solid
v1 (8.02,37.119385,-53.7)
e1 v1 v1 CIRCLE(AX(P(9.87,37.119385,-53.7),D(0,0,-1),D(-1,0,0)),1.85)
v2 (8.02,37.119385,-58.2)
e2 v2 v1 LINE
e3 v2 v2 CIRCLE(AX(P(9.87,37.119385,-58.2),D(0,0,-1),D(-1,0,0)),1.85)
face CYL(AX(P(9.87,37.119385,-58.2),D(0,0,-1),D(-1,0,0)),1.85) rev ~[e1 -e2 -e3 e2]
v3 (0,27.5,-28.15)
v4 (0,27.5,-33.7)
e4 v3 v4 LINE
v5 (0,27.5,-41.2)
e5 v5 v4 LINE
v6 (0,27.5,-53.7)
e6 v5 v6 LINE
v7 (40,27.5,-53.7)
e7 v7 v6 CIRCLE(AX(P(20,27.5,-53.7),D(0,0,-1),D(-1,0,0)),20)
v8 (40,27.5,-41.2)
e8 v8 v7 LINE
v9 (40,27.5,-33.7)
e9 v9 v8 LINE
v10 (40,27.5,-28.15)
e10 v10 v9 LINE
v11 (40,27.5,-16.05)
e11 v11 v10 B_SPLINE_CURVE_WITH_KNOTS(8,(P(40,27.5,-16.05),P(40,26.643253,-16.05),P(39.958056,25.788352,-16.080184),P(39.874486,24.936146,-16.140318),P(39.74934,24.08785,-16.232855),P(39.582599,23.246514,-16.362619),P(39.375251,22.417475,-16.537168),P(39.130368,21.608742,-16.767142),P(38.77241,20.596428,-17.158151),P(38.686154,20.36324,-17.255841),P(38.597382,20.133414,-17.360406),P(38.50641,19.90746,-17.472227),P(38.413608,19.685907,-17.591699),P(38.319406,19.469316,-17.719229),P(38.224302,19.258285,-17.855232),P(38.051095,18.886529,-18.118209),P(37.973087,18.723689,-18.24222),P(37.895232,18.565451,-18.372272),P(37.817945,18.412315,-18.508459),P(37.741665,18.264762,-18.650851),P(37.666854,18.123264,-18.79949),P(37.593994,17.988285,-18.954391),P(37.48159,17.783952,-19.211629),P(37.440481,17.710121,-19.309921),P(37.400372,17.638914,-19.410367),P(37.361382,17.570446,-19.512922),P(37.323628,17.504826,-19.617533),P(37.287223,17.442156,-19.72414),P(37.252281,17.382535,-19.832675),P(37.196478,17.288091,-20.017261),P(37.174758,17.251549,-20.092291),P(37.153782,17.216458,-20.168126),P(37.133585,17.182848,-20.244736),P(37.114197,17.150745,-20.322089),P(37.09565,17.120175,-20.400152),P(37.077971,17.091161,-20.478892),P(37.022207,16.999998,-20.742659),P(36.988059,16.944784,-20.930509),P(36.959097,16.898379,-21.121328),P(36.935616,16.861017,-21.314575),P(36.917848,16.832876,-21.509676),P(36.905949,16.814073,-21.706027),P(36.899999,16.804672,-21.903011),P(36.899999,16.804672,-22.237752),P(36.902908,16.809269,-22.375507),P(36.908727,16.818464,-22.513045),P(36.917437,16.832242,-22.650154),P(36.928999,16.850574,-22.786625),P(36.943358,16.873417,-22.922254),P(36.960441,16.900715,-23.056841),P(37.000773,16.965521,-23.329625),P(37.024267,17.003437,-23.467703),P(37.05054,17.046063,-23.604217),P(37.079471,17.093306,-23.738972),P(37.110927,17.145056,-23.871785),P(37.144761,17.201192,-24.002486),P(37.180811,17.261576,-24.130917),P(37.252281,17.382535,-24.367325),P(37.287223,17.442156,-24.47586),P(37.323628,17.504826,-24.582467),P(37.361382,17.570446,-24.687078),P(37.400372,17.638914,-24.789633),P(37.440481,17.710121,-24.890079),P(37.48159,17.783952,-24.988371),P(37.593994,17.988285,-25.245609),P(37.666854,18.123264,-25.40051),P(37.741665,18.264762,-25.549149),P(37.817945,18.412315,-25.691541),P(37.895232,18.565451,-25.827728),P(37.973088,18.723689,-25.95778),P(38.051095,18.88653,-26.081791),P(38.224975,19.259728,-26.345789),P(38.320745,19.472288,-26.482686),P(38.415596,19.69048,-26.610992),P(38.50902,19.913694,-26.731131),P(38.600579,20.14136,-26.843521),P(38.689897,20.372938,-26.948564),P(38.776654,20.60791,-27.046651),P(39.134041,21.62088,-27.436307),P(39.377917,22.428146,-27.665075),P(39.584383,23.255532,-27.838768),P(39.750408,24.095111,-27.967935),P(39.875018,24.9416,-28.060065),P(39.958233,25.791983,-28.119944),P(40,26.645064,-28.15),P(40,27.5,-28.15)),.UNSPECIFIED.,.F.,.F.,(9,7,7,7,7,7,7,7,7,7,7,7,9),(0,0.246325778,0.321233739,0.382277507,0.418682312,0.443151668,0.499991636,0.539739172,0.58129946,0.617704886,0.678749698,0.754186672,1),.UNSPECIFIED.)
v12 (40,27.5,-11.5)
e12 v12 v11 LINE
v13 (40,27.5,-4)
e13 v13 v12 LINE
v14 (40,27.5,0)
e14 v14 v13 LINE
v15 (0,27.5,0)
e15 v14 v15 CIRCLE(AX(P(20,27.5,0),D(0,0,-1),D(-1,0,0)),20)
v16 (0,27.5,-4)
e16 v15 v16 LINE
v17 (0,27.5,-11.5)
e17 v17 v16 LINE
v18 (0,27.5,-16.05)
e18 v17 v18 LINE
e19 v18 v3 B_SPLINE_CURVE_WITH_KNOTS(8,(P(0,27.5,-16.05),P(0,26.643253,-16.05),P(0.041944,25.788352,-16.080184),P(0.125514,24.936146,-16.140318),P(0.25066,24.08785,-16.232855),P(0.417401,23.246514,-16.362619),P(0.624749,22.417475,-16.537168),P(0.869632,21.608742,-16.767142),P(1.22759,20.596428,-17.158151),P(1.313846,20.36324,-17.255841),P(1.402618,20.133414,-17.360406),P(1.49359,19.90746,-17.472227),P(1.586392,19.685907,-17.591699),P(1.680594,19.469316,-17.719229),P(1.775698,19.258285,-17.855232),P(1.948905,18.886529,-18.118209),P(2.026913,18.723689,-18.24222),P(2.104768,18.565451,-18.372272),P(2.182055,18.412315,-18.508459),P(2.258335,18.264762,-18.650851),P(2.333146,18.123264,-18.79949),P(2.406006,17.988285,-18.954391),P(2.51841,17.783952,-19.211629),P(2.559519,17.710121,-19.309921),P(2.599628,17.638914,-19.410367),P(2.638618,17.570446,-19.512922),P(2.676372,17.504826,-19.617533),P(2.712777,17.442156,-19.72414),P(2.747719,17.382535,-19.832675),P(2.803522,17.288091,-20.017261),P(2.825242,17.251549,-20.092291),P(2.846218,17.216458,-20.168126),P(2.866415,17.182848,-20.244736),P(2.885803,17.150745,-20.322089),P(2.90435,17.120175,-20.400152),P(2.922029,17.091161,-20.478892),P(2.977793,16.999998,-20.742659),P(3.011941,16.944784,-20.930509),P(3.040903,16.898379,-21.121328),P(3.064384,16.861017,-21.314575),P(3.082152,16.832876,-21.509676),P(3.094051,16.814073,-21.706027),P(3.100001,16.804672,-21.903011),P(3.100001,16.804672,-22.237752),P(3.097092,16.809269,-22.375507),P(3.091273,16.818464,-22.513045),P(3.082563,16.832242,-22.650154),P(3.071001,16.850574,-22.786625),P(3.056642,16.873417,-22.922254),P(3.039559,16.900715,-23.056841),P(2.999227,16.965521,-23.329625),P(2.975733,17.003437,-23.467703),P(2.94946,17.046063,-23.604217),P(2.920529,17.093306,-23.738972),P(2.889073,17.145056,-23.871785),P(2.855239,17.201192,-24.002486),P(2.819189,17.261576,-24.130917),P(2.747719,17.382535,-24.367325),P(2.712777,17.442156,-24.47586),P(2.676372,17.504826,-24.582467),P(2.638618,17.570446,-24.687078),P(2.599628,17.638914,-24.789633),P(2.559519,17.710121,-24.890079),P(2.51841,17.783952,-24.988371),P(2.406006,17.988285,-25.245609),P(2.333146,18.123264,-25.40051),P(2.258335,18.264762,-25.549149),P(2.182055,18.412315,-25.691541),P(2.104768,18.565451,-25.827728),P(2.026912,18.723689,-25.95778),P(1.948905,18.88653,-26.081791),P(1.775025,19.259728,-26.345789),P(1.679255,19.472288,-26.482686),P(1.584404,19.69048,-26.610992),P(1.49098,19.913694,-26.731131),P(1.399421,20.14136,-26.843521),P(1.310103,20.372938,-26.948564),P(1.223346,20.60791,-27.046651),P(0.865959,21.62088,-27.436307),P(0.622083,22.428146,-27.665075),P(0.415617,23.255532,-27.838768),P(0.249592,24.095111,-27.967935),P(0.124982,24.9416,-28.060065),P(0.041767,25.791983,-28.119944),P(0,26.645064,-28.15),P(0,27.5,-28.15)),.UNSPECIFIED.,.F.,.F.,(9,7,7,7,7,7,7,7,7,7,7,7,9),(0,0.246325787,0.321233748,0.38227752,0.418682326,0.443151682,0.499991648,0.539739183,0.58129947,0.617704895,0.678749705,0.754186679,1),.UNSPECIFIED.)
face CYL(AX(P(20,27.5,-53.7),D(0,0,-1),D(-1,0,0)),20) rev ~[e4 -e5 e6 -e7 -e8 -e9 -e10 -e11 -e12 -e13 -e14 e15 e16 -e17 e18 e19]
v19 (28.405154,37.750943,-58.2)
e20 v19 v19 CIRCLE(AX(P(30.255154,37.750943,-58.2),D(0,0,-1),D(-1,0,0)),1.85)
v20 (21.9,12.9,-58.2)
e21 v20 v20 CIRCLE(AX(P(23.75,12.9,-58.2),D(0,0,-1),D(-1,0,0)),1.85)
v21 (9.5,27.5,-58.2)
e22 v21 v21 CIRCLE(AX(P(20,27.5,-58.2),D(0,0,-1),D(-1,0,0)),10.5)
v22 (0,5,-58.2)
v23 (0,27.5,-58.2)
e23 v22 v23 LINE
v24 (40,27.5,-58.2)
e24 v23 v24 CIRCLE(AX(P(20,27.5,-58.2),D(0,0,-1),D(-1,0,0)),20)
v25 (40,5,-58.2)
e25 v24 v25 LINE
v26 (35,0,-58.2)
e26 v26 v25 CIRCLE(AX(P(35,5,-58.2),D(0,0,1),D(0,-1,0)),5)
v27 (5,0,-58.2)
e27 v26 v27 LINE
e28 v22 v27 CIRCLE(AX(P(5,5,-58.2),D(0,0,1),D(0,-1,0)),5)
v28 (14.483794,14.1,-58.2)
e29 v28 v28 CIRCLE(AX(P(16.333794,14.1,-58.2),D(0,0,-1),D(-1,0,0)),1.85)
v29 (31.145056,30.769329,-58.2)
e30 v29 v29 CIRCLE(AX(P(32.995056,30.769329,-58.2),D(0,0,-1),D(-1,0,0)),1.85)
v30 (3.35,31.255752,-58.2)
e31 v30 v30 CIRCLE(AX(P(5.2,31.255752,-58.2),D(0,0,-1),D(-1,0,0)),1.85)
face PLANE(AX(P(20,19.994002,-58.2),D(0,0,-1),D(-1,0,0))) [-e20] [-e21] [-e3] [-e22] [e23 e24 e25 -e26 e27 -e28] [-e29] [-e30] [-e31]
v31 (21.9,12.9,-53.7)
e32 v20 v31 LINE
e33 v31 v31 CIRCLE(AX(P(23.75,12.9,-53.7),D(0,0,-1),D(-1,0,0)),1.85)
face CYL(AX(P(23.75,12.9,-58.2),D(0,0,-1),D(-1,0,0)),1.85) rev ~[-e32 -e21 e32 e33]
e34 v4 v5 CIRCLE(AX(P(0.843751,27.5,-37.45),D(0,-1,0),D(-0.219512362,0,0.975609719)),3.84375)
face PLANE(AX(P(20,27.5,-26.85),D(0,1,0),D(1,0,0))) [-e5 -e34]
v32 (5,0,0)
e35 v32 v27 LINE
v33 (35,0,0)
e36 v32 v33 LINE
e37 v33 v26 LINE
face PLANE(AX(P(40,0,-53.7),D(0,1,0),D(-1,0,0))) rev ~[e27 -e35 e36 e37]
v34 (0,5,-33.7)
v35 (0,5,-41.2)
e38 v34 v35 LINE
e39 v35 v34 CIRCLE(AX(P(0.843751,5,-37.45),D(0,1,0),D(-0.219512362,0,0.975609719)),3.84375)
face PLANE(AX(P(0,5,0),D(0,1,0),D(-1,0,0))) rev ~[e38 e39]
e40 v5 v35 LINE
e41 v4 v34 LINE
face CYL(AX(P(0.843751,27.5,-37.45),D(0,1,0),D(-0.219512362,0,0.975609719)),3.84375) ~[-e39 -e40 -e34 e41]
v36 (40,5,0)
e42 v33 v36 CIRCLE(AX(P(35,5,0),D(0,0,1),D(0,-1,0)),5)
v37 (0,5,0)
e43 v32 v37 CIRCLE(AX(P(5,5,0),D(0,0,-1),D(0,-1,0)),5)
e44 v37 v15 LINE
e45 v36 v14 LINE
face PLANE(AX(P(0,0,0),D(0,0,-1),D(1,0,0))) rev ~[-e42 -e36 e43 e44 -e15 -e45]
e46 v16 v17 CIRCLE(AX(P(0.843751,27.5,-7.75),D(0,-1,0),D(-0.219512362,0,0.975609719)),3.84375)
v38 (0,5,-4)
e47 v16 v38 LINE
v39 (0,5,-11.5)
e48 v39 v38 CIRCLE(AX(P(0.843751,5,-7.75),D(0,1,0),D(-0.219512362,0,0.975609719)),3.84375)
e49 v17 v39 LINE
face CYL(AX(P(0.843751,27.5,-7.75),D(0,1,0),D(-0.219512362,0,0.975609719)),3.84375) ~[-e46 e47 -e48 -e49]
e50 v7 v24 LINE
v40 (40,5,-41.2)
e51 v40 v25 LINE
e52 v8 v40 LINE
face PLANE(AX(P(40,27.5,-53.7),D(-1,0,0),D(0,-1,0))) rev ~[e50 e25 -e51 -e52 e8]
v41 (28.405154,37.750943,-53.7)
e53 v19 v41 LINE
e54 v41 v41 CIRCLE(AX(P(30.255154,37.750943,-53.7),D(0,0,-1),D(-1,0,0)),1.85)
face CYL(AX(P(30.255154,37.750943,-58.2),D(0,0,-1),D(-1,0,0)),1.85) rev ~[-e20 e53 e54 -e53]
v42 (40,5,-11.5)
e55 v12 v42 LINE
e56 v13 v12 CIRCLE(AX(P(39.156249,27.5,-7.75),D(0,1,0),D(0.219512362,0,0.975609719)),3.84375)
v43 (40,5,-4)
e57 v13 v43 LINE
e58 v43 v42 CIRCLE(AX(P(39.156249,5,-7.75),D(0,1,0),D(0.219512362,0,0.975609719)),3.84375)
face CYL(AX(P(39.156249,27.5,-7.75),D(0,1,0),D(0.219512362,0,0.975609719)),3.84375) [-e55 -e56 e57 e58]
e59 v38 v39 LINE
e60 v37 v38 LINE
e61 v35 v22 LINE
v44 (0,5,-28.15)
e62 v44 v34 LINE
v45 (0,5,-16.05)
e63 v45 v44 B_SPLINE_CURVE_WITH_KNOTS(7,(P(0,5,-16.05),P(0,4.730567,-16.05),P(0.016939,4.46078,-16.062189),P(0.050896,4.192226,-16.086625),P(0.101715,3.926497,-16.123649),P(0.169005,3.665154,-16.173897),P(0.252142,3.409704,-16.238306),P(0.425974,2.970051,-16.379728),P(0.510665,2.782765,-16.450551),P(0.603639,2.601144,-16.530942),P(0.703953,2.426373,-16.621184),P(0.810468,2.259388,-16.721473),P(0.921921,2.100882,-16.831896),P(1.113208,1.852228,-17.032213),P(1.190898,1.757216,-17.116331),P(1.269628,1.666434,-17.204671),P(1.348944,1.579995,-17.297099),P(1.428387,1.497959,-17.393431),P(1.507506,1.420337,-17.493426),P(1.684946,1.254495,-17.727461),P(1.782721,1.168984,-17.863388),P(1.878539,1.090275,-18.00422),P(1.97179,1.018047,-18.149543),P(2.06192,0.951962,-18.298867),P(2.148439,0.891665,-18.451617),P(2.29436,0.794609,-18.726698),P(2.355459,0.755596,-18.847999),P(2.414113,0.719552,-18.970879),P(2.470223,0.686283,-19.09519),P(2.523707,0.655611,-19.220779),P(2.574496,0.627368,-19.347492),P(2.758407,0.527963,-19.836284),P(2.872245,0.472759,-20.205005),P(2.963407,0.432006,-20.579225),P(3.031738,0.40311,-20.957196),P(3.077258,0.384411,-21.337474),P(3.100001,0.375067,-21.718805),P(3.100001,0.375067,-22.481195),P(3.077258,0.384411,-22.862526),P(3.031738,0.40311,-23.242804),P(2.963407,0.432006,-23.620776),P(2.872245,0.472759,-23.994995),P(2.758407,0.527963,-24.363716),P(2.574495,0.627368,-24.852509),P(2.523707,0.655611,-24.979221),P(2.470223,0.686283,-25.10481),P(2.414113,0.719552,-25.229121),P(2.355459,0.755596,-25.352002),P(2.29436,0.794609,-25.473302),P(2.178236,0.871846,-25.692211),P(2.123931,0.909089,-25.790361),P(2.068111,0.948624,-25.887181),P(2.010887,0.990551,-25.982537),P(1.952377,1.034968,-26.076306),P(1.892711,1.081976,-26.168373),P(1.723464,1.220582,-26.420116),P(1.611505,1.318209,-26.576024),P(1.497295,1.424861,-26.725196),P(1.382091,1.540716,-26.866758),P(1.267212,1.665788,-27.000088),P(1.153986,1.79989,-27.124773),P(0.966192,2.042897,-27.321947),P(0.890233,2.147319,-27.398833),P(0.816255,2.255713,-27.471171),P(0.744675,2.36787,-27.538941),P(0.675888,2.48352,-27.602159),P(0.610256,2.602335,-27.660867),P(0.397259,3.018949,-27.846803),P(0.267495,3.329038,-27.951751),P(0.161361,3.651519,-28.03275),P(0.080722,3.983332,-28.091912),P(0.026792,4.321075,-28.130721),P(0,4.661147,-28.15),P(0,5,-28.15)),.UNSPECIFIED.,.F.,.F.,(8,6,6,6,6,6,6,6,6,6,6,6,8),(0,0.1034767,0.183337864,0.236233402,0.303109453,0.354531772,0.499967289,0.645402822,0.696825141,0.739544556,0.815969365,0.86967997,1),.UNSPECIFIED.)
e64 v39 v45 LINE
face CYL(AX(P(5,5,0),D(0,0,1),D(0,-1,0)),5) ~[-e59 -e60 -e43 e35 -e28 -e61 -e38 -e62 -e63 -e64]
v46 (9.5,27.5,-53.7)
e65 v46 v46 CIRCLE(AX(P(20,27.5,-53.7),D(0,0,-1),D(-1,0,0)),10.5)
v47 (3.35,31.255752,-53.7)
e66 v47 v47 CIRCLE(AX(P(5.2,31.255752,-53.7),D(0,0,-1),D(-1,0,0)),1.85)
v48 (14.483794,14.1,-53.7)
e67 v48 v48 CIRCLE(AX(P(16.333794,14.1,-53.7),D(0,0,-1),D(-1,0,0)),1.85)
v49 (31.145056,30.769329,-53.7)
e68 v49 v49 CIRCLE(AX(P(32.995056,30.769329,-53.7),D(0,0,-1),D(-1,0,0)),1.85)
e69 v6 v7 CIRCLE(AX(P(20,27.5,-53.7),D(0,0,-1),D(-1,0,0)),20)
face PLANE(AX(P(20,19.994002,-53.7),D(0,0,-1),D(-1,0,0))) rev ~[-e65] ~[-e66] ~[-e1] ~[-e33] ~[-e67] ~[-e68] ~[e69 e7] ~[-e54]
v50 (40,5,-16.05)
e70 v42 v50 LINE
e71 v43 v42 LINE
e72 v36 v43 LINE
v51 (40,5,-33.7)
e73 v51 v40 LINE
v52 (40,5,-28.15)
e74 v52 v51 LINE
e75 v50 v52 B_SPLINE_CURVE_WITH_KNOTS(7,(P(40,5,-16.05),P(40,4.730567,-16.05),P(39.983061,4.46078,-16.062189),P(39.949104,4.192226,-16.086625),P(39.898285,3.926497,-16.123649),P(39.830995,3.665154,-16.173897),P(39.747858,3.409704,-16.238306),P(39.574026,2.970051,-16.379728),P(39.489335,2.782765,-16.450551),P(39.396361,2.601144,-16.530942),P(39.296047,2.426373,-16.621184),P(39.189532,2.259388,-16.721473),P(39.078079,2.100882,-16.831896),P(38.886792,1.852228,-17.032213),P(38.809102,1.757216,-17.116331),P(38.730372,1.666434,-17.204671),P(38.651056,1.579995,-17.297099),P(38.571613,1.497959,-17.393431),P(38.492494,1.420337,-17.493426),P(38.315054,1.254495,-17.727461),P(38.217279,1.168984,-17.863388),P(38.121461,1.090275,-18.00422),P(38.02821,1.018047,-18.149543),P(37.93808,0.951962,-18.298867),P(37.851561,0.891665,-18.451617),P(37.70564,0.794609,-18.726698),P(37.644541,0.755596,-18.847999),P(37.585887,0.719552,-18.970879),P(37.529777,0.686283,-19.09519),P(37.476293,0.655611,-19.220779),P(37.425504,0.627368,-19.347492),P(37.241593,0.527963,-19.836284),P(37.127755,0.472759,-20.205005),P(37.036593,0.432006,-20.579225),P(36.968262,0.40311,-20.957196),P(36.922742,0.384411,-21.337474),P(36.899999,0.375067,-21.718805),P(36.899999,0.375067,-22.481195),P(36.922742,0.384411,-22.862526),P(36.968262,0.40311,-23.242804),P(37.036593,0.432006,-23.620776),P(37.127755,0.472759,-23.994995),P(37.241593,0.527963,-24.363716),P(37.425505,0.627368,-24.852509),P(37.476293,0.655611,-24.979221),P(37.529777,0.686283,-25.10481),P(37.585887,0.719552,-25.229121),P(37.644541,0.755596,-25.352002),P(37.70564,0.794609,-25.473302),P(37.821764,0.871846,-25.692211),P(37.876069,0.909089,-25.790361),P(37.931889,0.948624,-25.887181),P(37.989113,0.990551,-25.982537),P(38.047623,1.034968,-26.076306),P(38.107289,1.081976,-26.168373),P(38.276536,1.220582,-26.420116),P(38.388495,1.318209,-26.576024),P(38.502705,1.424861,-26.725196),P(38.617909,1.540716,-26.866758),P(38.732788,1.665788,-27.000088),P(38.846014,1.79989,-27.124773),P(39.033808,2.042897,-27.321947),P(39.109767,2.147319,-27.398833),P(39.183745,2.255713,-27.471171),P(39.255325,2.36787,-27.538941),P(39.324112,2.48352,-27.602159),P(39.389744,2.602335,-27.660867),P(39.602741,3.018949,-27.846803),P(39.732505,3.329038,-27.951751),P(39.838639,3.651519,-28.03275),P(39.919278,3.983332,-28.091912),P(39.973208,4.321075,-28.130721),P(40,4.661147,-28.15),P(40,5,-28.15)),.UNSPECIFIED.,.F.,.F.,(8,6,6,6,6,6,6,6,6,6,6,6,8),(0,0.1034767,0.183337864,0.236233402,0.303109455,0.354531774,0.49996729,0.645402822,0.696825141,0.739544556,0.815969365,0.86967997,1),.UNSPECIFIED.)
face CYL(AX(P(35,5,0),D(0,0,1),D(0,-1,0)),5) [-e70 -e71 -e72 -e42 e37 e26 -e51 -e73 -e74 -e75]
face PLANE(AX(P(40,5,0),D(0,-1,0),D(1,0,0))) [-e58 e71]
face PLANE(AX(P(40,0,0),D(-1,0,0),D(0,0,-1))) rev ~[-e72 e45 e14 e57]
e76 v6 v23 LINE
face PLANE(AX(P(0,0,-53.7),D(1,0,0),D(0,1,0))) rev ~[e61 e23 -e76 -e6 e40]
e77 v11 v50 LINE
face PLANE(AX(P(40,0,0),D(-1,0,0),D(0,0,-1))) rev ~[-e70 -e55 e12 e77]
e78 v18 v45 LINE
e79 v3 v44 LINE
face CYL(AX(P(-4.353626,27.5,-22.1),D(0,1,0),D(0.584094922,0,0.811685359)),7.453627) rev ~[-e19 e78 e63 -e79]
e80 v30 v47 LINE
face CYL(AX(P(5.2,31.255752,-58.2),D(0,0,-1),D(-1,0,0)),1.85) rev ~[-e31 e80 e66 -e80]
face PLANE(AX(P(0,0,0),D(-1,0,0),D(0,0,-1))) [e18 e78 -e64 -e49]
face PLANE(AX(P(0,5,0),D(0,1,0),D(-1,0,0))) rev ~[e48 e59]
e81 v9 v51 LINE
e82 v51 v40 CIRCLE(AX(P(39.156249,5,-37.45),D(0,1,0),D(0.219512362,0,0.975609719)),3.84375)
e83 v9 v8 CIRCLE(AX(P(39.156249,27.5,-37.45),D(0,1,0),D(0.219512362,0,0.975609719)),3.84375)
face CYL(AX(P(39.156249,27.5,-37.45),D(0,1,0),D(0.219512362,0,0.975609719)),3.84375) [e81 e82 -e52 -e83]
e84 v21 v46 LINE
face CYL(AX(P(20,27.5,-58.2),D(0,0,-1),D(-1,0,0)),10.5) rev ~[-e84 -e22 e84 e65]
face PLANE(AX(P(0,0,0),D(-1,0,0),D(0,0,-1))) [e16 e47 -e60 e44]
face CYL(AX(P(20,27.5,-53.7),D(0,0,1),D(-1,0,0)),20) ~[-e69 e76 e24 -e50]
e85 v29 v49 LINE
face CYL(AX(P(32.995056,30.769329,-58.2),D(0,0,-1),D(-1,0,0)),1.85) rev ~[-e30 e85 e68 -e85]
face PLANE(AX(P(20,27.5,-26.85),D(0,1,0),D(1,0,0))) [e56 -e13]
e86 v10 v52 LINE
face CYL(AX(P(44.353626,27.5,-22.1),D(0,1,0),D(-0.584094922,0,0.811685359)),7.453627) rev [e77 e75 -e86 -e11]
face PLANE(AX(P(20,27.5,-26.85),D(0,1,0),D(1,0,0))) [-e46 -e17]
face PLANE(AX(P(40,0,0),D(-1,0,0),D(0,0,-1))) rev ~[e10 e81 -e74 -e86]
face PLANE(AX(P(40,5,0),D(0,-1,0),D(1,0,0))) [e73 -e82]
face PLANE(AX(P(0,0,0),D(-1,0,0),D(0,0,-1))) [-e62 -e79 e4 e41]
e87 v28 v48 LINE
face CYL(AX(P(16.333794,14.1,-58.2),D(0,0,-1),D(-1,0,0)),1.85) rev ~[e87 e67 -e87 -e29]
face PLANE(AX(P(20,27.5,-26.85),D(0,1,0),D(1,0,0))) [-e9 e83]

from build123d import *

# Parameters (mm, degrees)
SKETCH3_W           = 40
SKETCH3_H           = 53.7
BOSS_EXTRUDE1_DEPTH = 27.5
BOSS_EXTRUDE4_DEPTH = 27.5
CUT_EXTRUDE1_DEPTH  = 28.5
SKETCH7_R           = 20
CUT_EXTRUDE2_DEPTH  = 54.7
BOSS_EXTRUDE5_DEPTH = 4.5
SKETCH9_R           = 10.5
CUT_EXTRUDE3_DEPTH  = 59.2000001
SKETCH10_R          = 1.85
CUT_EXTRUDE4_DEPTH  = 59.2000001
CUT_EXTRUDE5_DEPTH  = 59.2
CUT_EXTRUDE7_DEPTH  = 59.2000001


with BuildPart() as part:
    # Sketch3 → Boss-Extrude1 (new body)
    with BuildSketch(Plane(origin=(0, 0, 0), x_dir=(1, 0, 0), z_dir=(0, 1, 0))):
        with Locations((20, 26.85)):
            Rectangle(SKETCH3_W, SKETCH3_H)
    extrude(amount=BOSS_EXTRUDE1_DEPTH)

    # Sketch4 → Boss-Extrude4 (add)
    with BuildSketch(Plane(origin=(0, 27.5, 0), x_dir=(1, 0, 0), z_dir=(0, 1, 0))):
        with BuildLine():
            Line((0, 41.2), (0, 33.7))
            ThreePointArc((0, 33.7), (-2.999999474, 37.45), (0, 41.2))
        make_face()
        with BuildLine():
            Line((0, 11.5), (0, 4))
            ThreePointArc((0, 4), (-2.999999474, 7.75), (0, 11.5))
        make_face()
        with BuildLine():
            Line((40, 41.2), (40, 33.7))
            ThreePointArc((40, 33.7), (42.999999474, 37.45), (40, 41.2))
        make_face()
        with BuildLine():
            Line((40, 11.5), (40, 4))
            ThreePointArc((40, 4), (42.999999474, 7.75), (40, 11.5))
        make_face()
    extrude(amount=-BOSS_EXTRUDE4_DEPTH)

    # Sketch6 → Cut-Extrude1 (cut, through all)
    with BuildSketch(Plane(origin=(0, 27.5, 0), x_dir=(1, 0, 0), z_dir=(0, 1, 0))):
        with BuildLine():
            Line((0, 28.15), (0, 16.05))
            ThreePointArc((0, 16.05), (3.100001365, 22.1), (0, 28.15))
        make_face()
        with BuildLine():
            Line((40, 28.15), (40, 16.05))
            ThreePointArc((40, 16.05), (36.899998635, 22.1), (40, 28.15))
        make_face()
    extrude(amount=-CUT_EXTRUDE1_DEPTH, mode=Mode.SUBTRACT)

    # Sketch7 → Cut-Extrude2 (cut, through all)
    with BuildSketch(Plane(origin=(0, 0, -53.7), x_dir=(-1, 0, 0), z_dir=(0, 0, -1))):
        with Locations((-20, 27.5)):
            Circle(SKETCH7_R)
    extrude(amount=-CUT_EXTRUDE2_DEPTH, mode=Mode.SUBTRACT)

    # Sketch8 → Boss-Extrude5 (add)
    with BuildSketch(Plane(origin=(0, 0, -53.7), x_dir=(-1, 0, 0), z_dir=(0, 0, -1))):
        with BuildLine():
            Line((-40, 27.5), (-40, 0))
            Line((-40, 0), (0, 0))
            Line((0, 0), (0, 27.5))
            ThreePointArc((0, 27.5), (-20, 47.5), (-40, 27.5))
        make_face()
    extrude(amount=BOSS_EXTRUDE5_DEPTH)

    # Sketch9 → Cut-Extrude3 (cut, through all)
    with BuildSketch(Plane(origin=(0, 0, -58.2), x_dir=(-1, 0, 0), z_dir=(0, 0, -1))):
        with Locations((-20, 27.5)):
            Circle(SKETCH9_R)
    extrude(amount=-CUT_EXTRUDE3_DEPTH, mode=Mode.SUBTRACT)

    # Sketch10 → Cut-Extrude4 (cut, through all)
    with BuildSketch(Plane(origin=(0, 0, -58.2), x_dir=(-1, 0, 0), z_dir=(0, 0, -1))):
        with Locations((-23.75, 12.9)):
            Circle(SKETCH10_R)
        with Locations((-16.333793604, 14.1)):
            Circle(SKETCH10_R)
        with Locations((-32.995056342, 30.769328778)):
            Circle(SKETCH10_R)
        with Locations((-30.255153544, 37.750942678)):
            Circle(SKETCH10_R)
        with Locations((-9.87, 37.119384527)):
            Circle(SKETCH10_R)
        with Locations((-5.2, 31.25575215)):
            Circle(SKETCH10_R)
    extrude(amount=-CUT_EXTRUDE4_DEPTH, mode=Mode.SUBTRACT)

    # Sketch11 → Cut-Extrude5 (cut, through all)
    with BuildSketch(Plane.XY):
        with BuildLine():
            Line((40, 5), (45.647961317, 5))
            Line((45.647961317, 5), (45.647961317, -3.041494826))
            Line((45.647961317, -3.041494826), (35, -3.041494826))
            Line((35, -3.041494826), (35, 0))
            ThreePointArc((35, 0), (38.535533906, 1.464466094), (40, 5))
        make_face()
    extrude(amount=-CUT_EXTRUDE5_DEPTH, mode=Mode.SUBTRACT)

    # Sketch12 → Cut-Extrude7 (cut, through all)
    with BuildSketch(Plane.XY):
        with BuildLine():
            Line((0, 5), (-3.969490024, 5))
            Line((-3.969490024, 5), (-3.969490024, -1.478021918))
            Line((-3.969490024, -1.478021918), (5, -1.478021918))
            Line((5, -1.478021918), (5, 0))
            ThreePointArc((5, 0), (1.464466094, 1.464466094), (0, 5))
        make_face()
    extrude(amount=-CUT_EXTRUDE7_DEPTH, mode=Mode.SUBTRACT)


solid = part.part
